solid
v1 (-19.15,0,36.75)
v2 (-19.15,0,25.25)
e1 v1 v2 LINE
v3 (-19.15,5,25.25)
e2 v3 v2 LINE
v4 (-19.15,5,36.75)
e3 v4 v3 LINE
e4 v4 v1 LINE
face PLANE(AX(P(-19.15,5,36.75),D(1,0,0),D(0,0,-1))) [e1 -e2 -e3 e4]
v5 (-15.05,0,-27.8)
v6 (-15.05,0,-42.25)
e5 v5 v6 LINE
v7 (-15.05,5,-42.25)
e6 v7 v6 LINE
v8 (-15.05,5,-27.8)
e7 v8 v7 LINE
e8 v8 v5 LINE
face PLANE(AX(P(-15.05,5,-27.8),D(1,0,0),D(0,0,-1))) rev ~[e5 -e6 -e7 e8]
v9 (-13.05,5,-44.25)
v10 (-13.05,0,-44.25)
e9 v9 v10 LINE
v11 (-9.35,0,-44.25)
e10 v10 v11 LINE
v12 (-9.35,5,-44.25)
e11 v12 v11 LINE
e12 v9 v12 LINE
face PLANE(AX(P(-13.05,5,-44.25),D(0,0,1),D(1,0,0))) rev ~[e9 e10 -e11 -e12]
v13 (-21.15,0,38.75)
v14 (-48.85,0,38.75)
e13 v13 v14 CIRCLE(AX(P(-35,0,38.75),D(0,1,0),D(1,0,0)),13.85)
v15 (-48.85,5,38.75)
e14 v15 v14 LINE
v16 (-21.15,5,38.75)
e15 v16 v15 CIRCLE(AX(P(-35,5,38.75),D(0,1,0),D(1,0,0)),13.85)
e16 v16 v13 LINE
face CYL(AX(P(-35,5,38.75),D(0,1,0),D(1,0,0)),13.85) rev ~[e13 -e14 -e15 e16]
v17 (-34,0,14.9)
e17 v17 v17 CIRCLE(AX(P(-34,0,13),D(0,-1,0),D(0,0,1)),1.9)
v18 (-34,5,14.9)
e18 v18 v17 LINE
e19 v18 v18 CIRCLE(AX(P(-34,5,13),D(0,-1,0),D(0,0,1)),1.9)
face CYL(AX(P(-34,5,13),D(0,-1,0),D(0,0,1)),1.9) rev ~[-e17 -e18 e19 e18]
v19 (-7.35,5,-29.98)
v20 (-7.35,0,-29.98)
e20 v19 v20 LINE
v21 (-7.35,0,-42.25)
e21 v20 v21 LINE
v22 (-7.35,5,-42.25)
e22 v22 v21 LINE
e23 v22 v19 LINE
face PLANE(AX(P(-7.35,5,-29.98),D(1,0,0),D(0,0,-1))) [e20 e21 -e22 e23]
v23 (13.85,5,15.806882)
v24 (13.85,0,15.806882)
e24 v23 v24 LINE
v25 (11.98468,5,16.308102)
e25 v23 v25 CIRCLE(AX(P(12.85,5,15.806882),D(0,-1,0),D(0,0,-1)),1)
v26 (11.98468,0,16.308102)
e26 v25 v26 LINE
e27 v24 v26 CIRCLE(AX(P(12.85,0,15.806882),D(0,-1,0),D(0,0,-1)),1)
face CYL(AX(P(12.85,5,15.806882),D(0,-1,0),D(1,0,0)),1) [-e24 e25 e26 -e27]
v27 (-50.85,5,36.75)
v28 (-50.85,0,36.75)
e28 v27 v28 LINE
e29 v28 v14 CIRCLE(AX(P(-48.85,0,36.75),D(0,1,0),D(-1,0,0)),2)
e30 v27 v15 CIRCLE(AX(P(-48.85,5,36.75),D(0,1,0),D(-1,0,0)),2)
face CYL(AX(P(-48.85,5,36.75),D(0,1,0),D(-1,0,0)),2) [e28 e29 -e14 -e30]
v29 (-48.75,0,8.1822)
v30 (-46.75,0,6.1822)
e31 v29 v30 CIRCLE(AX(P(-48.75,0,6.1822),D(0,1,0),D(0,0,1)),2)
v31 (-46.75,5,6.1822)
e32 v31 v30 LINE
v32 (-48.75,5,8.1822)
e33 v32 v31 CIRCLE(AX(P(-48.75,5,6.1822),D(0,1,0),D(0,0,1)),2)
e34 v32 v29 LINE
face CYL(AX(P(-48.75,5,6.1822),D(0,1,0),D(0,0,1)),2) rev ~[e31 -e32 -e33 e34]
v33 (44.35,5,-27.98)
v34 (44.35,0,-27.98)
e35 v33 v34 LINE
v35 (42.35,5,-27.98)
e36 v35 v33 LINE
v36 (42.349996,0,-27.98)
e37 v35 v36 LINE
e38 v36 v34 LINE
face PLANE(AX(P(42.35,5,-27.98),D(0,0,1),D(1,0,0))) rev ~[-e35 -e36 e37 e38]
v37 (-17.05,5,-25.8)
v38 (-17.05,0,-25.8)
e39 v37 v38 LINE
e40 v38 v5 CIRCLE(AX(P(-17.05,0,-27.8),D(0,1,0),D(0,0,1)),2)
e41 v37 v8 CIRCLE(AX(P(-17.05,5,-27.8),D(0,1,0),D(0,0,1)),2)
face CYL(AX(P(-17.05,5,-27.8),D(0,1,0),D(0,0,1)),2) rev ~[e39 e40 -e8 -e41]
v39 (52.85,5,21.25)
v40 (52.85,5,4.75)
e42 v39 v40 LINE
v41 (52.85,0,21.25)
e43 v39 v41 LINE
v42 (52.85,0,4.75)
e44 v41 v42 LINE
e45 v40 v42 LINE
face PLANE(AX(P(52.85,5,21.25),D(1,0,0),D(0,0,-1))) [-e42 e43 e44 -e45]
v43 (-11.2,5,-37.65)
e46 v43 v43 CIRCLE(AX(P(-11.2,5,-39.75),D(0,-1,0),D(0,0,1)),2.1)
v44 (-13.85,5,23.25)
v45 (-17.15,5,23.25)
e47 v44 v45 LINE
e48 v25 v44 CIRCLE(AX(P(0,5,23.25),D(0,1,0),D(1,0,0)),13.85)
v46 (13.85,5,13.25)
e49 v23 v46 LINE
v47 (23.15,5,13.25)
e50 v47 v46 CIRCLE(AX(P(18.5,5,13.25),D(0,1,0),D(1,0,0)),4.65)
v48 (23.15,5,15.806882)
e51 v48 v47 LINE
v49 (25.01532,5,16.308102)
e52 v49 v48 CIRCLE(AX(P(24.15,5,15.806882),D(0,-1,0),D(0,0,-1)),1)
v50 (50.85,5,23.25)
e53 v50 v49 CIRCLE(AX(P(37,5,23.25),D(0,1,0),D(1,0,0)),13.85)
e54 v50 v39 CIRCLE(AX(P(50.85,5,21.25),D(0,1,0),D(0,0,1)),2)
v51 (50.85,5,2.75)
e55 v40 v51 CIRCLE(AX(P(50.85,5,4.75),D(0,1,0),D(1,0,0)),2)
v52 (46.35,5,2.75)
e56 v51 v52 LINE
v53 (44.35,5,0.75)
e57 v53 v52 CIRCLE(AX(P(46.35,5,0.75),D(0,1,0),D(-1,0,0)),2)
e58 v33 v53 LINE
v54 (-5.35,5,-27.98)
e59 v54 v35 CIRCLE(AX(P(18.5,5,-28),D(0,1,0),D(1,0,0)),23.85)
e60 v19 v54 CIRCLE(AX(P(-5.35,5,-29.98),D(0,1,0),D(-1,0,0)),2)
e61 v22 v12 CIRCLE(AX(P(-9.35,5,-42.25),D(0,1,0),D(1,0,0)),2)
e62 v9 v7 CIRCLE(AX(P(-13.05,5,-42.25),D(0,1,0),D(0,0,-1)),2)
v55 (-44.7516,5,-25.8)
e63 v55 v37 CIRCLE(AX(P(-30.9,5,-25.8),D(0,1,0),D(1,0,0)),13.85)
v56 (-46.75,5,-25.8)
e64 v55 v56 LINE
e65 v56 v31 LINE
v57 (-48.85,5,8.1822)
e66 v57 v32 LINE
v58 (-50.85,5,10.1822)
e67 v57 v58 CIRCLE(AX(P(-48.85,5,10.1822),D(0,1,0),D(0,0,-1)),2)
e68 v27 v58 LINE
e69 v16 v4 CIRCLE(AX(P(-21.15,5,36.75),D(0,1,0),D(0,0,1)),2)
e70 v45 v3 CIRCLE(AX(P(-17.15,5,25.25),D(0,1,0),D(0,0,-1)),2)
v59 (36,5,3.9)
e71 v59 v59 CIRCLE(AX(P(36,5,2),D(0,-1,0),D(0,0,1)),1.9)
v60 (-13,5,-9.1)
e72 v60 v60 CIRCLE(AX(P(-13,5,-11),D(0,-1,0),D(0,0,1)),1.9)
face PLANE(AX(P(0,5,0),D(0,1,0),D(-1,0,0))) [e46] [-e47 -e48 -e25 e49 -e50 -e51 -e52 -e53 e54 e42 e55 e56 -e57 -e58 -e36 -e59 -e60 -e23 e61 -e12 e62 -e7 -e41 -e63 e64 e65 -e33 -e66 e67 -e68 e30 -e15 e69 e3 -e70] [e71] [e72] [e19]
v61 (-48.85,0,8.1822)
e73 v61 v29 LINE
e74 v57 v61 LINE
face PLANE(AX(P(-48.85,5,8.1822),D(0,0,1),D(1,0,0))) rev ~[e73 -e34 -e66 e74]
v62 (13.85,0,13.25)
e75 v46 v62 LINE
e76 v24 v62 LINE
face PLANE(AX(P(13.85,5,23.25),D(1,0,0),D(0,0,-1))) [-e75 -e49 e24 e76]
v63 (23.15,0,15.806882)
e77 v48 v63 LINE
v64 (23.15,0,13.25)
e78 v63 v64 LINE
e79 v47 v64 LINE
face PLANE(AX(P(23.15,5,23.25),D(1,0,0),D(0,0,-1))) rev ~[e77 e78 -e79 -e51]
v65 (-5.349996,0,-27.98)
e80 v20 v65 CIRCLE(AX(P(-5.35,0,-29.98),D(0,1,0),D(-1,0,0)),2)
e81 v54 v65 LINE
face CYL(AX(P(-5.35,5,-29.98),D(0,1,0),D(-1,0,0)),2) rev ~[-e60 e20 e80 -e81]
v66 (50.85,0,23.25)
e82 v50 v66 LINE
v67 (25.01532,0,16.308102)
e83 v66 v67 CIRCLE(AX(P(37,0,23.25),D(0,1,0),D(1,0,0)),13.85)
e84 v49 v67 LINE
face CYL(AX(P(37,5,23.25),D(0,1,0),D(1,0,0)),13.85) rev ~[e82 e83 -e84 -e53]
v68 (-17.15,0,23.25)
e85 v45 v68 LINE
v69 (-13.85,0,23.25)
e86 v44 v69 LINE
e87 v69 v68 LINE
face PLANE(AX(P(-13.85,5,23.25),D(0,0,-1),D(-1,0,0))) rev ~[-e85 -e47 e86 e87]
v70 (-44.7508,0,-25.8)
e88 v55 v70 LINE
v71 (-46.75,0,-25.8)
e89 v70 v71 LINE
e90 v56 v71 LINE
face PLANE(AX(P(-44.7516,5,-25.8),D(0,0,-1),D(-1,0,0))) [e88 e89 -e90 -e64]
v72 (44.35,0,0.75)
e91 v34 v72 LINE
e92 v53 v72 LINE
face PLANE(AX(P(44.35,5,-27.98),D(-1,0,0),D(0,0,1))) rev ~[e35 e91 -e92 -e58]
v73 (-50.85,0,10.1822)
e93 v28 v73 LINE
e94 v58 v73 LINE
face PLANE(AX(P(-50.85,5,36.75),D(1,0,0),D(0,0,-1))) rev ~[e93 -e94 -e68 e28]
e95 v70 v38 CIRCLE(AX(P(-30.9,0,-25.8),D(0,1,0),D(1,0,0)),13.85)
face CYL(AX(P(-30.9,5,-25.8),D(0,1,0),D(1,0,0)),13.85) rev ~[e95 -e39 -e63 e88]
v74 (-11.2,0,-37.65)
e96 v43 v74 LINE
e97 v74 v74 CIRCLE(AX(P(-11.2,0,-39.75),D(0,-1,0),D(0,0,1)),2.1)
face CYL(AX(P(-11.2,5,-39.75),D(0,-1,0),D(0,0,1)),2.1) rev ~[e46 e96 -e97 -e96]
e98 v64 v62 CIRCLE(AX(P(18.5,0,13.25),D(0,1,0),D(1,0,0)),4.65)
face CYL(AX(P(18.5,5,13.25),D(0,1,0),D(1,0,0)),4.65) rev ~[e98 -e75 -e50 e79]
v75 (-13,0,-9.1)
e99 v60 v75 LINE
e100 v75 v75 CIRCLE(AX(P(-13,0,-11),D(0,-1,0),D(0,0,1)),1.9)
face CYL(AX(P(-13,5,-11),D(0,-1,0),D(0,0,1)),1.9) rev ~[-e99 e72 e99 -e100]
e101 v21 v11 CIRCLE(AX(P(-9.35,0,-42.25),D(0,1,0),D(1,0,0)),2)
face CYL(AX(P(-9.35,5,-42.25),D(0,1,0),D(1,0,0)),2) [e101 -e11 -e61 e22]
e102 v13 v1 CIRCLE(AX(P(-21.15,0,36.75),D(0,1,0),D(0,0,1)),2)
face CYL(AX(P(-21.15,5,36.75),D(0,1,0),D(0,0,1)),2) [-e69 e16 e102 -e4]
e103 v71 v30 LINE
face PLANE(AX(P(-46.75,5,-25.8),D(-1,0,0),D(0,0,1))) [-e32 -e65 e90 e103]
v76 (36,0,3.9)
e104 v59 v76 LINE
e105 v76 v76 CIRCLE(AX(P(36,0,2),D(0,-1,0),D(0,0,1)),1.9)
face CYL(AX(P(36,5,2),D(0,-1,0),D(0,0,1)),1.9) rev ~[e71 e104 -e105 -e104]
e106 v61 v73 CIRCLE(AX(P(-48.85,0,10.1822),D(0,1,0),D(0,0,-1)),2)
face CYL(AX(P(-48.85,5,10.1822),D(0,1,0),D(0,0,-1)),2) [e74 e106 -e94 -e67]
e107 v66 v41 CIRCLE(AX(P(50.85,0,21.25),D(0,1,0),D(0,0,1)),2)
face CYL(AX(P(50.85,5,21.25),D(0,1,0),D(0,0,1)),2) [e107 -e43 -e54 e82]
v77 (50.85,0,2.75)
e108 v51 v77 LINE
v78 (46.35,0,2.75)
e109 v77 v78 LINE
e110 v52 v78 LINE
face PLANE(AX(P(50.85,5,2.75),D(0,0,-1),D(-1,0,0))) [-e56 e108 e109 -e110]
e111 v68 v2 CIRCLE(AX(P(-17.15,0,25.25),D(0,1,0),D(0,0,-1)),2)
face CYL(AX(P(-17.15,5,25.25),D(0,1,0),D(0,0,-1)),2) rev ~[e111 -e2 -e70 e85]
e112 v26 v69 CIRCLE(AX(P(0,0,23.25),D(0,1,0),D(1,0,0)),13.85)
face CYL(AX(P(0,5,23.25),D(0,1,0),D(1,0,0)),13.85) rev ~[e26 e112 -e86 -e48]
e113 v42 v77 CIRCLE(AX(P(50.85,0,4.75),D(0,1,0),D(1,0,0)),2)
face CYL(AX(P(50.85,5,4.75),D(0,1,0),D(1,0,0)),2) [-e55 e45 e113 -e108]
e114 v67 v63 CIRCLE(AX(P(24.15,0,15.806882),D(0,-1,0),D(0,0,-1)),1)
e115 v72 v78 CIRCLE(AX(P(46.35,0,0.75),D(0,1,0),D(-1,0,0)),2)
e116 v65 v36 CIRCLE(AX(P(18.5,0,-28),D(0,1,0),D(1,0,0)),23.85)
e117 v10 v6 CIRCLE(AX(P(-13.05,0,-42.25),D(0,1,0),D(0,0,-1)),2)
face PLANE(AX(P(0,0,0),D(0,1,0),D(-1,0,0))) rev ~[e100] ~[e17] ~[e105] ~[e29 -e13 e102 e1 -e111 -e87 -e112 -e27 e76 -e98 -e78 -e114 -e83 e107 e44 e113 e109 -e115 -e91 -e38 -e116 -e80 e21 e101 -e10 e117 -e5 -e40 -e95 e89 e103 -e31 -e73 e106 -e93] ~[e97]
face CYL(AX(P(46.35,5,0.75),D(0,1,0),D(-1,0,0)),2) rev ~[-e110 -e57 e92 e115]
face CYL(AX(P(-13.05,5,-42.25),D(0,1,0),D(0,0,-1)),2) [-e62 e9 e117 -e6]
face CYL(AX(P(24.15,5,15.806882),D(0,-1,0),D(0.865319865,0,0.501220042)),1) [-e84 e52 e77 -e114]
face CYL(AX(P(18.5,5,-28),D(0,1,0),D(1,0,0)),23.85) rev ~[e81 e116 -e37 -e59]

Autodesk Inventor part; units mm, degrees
ref_plane "YZ Plane" through (0, 0, 0) normal (1, 0, 0) x (0, 1, 0)
ref_plane "XZ Plane" through (0, 0, 0) normal (0, 1, 0) x (-1, 0, 0)
ref_plane "XY Plane" through (0, 0, 0) normal (0, 0, 1) x (1, 0, 0)
sketch "Sketch1" plane through (0, 0, 0) normal (0, 1, 0) x (-1, 0, 0)
  line L0 (-56.25, 58.25) -> (56.25, 58.25)
  line L1 (56.25, 58.25) -> (56.25, -58.25)
  line L2 (56.25, -58.25) -> (-56.25, -58.25)
  line L3 (-56.25, -58.25) -> (-56.25, 58.25)
  line L4 (-56.25, 58.25) -> (56.25, -58.25) construction
  line L5 (56.25, 58.25) -> (-56.25, -58.25) construction
  point P0 (0, 0)
  dimension "d0" = 112.5
  dimension "d1" = 116.5
extrude "Extrusion1" add sketch "Sketch1" along normal blind 5
sketch "Sketch2" plane through (0, 5, 0) normal (0, 1, 0) x (1, 0, 0)
  circle A0 centre (18.5, 28) radius 23.85
  circle A1 centre (37, -23.25) radius 13.85
  circle A2 centre (-35, -38.75) radius 13.85
  circle A3 centre (-30.9, 25.8) radius 13.85
  circle A4 centre (0, -23.25) radius 13.85
  line L0 (56.25, 58.25) -> (-56.25, 58.25) projected
  line L1 (-56.25, -58.25) -> (56.25, -58.25) projected
  line L2 (0, -105.9299) -> (0, 123.2086) construction
  line L3 (-76.4777, -38.75) -> (-5.35, -38.75) construction
  line L4 (-123.5447, -23.25) -> (82.5572, -23.25) construction
  line L5 (56.25, -58.25) -> (56.25, 58.25) construction
  point P0 (0, 0)
  dimension "d4" = 47.7
  dimension "d5" = 27.7
  dimension "d6" = 27.7
  dimension "d7" = 27.7
  dimension "d8" = 27.7
  dimension "d9" = 116.5
  dimension "d10" = 112.5
  dimension "d13" = 37
  dimension "d14" = 18.5
  dimension "d15" = 30.9
  dimension "d18" = 19.5
  dimension "d19" = 35
  dimension "d20" = 35
  dimension "d42" = 25.8
  dimension "d43" = 28
extrude "Extrusion2" cut sketch "Sketch2" against normal blind 5
sketch "Sketch5" plane through (0, 5, 0) normal (0, 1, 0) x (1, 0, 0)
  line L0 (-56.25, 58.25) -> (-56.25, -58.25) construction
  circle A0 centre (0, -23.25) radius 13.85 construction
  circle A1 centre (37, -23.25) radius 13.85 construction
  circle A2 centre (-30.9, 25.8) radius 13.85 construction
  line L1 (56.25, 58.25) -> (-56.25, 58.25) construction
  line L2 (-17.15, -23.25) -> (-13.85, -23.25) construction
  line L3 (-46.75, -8.1822) -> (-46.85, -8.1822)
  line L4 (-13.85, -23.25) -> (-17.15, -23.25)
  line L5 (56.25, -58.25) -> (56.25, 58.25)
  line L6 (-46.85, -8.1822) -> (-46.75, -8.1822)
  arc A3 (-13.85, -23.25) -> (13.85, -23.25) centre (0, -23.25) ccw
  arc A4 (23.15, -23.25) -> (50.85, -23.25) centre (37, -23.25) ccw
  line L7 (-44.75, 58.25) -> (42.35, 58.25)
  line L8 (-48.85, -38.75) -> (-48.85, -38.75)
  line L9 (-50.85, -36.75) -> (-50.85, -10.1822)
  line L10 (-48.85, -8.1822) -> (-48.75, -8.1822)
  arc A5 (-50.85, -36.75) -> (-48.85, -38.75) centre (-48.85, -36.75) ccw
  arc A6 (-48.85, -8.1822) -> (-50.85, -10.1822) centre (-48.85, -10.1822) ccw
  line L11 (50.85, -23.25) -> (50.85, -23.25)
  line L12 (52.85, -21.25) -> (52.85, -4.75)
  line L13 (50.85, -2.75) -> (46.35, -2.75)
  arc A7 (50.85, -23.25) -> (52.85, -21.25) centre (50.85, -21.25) ccw
  arc A8 (52.85, -4.75) -> (50.85, -2.75) centre (50.85, -4.75) ccw
  line L14 (-44.7516, 25.8) -> (-44.7516, 25.8)
  line L15 (-46.75, 28.0339) -> (-46.75, 58.25)
  line L16 (-44.75, 58.25) -> (-46.75, 58.25)
  line L17 (-17.0566, 26.2282) -> (-17.0566, 26.2282)
  line L18 (-15.05, 27.8) -> (-15.05, 42.25)
  line L19 (-5.35, 27.98) -> (-5.35, 27.98)
  line L20 (-7.35, 30.25) -> (-7.35, 42.25)
  line L21 (42.35, 27.98) -> (42.35, 27.98)
  line L22 (44.35, 58.25) -> (42.35, 58.25)
  circle A9 centre (0, -23.25) radius 13.85
  circle A10 centre (37, -23.25) radius 13.85
  line L23 (44.35, 58.25) -> (44.35, -0.75)
  line L24 (42.35, 27.98) -> (44.35, 27.98)
  line L25 (-5.35, 27.98) -> (-5.35, 27.98)
  line L26 (-7.35, 29.98) -> (-7.35, 30.25)
  line L27 (-17.0566, 26.2282) -> (-17.0566, 26.2282)
  line L28 (-15.05, 28.0029) -> (-15.05, 28.0029)
  line L29 (-46.75, 28.0339) -> (-46.75, -6.1822)
  arc A11 (-48.75, -8.1822) -> (-46.75, -6.1822) centre (-48.75, -6.1822) ccw
  line L30 (-44.75, 25.8) -> (-46.75, 25.8)
  line L31 (-21.15, -38.75) -> (-21.15, -38.75)
  line L32 (-19.15, -36.75) -> (-19.15, -25.25)
  arc A12 (-21.15, -38.75) -> (-19.15, -36.75) centre (-21.15, -36.75) ccw
  arc A13 (-17.15, -23.25) -> (-19.15, -25.25) centre (-17.15, -25.25) ccw
  line L33 (-17.05, 25.8) -> (-17.05, 25.8)
  arc A14 (-17.05, 25.8) -> (-15.05, 27.8) centre (-17.05, 27.8) ccw
  line L34 (-56.25, -58.25) -> (56.25, -58.25)
  line L35 (56.25, -58.25) -> (56.25, 58.25)
  line L36 (56.25, 58.25) -> (-56.25, 58.25)
  line L37 (-56.25, 58.25) -> (-56.25, -58.25)
  circle A15 centre (-30.9, 25.8) radius 13.85 projected
  circle A16 centre (-30.9, 25.8) radius 13.85
  line L38 (13.85, -23.25) -> (13.85, -13.25)
  circle A17 centre (0, -23.25) radius 13.85 projected
  line L39 (23.15, -23.25) -> (23.15, -13.25)
  circle A18 centre (37, -23.25) radius 13.85 projected
  arc A19 (23.15, -13.25) -> (13.85, -13.25) centre (18.5, -13.25) ccw
  circle A20 centre (18.5, 28) radius 23.85
  circle A21 centre (18.5, 28) radius 23.85 projected
  line L40 (56.25, 58.25) -> (-56.25, 58.25) projected
  circle A22 centre (-35, -38.75) radius 13.85
  circle A23 centre (-35, -38.75) radius 13.85 projected
  arc A24 (44.35, -0.75) -> (46.35, -2.75) centre (46.35, -0.75) ccw
  line L41 (-5.35, 27.98) -> (-5.35, 27.98)
  arc A25 (-7.35, 29.98) -> (-5.35, 27.98) centre (-5.35, 29.98) ccw
  line L42 (-13.05, 44.25) -> (-9.35, 44.25)
  arc A26 (-13.05, 44.25) -> (-15.05, 42.25) centre (-13.05, 42.25) ccw
  arc A27 (-7.35, 42.25) -> (-9.35, 44.25) centre (-9.35, 42.25) ccw
  point P0 (0, 0)
  point P1 (0, 0)
  point P2 (44.35, -2.75)
  point P3 (-50.85, -38.75)
  point P4 (52.85, -23.25)
  point P5 (-15.05, 58.25)
  point P6 (-7.35, 58.25)
  point P7 (-48.85, -40.25)
  point P8 (50.85, -23.25)
  point P9 (-21.15, -40.25)
  point P10 (50.85, -23.25)
  point P11 (-7.35, 58.25)
  point P12 (50.85, -23.25)
  point P13 (-17.05, 25.8)
  point P14 (-7.35, 27.98)
  point P15 (-7.35, 29.98)
  point P16 (-21.15, -38.75)
  point P17 (-48.85, -38.75)
  dimension "d53" = 27.7
  dimension "d54" = 27.7
  dimension "d26" = 2
  dimension "d27" = 2
  dimension "d28" = 2
  dimension "d29" = 2
  dimension "d30" = 2
  dimension "d32" = 2
  dimension "d33" = 2
  dimension "d34" = 2
  dimension "d35" = 2
  dimension "d38" = 27.7
  dimension "d39" = 10
  dimension "d40" = 10
  dimension "d45" = 25.8
  dimension "d46" = 23.25
  dimension "d47" = 23.25
  dimension "d50" = 37
  dimension "d56" = 19.15
  dimension "d57" = 50.85
  dimension "d58" = 46.75
  dimension "d59" = 2
  dimension "d60" = 6.1822
  dimension "d61" = 31.7
  dimension "d63" = 30.9
  dimension "d64" = 3.4
  dimension "d65" = 11.9
  dimension "d66" = 61
  dimension "d67" = 47.7
  dimension "d68" = 28
  dimension "d69" = 18.5
  dimension "d71" = 30.27
  dimension "d72" = 27.7
  dimension "d73" = 2
  dimension "d74" = 30.27
  dimension "d75" = 2
  dimension "d76" = 112.5
  dimension "d77" = 116.5
  dimension "d79" = 14
  dimension "d80" = 2
  dimension "d81" = 51.7
  dimension "d82" = 2
extrude "Extrusion3" cut sketch "Sketch5" against normal blind 10 contours A3 L38 A19 L39 A4 A7 L12 A8 L13 A24 L23 L36 L5 L34 L37 L15 L29 A11 L10 A6 L9 A5 A22 A12 L32 A13 L4 | L29 L15 L16 L7 L22 L23 L24 A20 A25 L26 L20 A27 L42 A26 L18 A14 A15 L30
fillet "Fillet2" radius 1 2 edges at (13.85, 2.5, 23.25) (23.15, 2.5, 23.25)
sketch "Sketch7" plane through (0, 5, 0) normal (0, 1, 0) x (1, 0, 0)
  line L0 (-7.35, 29.98) -> (-7.35, 42.25) projected
  line L1 (-9.35, 44.25) -> (-13.05, 44.25) projected
  point P0 (0, 0)
  point P1 (-34, -13)
  point P2 (-13, 11)
  point P3 (36, -2)
  point P4 (-11.2, 39.75)
  dimension "d83" = 13
  dimension "d84" = 34
  dimension "d85" = 36
  dimension "d86" = 2
  dimension "d87" = 11
  dimension "d88" = 13
  dimension "d96" = 3.85
  dimension "d97" = 4.5
hole "Hole1" at (-34, 5, 13) at (-13, 5, -11) at (36, 5, 2) direction (0, -1, 0) diameter 3.8 end through all
hole "Hole2" at (-11.2, 5, -39.75) direction (0, -1, 0) diameter 4.2 end through all
properties part number "Bottle layout pt2"
